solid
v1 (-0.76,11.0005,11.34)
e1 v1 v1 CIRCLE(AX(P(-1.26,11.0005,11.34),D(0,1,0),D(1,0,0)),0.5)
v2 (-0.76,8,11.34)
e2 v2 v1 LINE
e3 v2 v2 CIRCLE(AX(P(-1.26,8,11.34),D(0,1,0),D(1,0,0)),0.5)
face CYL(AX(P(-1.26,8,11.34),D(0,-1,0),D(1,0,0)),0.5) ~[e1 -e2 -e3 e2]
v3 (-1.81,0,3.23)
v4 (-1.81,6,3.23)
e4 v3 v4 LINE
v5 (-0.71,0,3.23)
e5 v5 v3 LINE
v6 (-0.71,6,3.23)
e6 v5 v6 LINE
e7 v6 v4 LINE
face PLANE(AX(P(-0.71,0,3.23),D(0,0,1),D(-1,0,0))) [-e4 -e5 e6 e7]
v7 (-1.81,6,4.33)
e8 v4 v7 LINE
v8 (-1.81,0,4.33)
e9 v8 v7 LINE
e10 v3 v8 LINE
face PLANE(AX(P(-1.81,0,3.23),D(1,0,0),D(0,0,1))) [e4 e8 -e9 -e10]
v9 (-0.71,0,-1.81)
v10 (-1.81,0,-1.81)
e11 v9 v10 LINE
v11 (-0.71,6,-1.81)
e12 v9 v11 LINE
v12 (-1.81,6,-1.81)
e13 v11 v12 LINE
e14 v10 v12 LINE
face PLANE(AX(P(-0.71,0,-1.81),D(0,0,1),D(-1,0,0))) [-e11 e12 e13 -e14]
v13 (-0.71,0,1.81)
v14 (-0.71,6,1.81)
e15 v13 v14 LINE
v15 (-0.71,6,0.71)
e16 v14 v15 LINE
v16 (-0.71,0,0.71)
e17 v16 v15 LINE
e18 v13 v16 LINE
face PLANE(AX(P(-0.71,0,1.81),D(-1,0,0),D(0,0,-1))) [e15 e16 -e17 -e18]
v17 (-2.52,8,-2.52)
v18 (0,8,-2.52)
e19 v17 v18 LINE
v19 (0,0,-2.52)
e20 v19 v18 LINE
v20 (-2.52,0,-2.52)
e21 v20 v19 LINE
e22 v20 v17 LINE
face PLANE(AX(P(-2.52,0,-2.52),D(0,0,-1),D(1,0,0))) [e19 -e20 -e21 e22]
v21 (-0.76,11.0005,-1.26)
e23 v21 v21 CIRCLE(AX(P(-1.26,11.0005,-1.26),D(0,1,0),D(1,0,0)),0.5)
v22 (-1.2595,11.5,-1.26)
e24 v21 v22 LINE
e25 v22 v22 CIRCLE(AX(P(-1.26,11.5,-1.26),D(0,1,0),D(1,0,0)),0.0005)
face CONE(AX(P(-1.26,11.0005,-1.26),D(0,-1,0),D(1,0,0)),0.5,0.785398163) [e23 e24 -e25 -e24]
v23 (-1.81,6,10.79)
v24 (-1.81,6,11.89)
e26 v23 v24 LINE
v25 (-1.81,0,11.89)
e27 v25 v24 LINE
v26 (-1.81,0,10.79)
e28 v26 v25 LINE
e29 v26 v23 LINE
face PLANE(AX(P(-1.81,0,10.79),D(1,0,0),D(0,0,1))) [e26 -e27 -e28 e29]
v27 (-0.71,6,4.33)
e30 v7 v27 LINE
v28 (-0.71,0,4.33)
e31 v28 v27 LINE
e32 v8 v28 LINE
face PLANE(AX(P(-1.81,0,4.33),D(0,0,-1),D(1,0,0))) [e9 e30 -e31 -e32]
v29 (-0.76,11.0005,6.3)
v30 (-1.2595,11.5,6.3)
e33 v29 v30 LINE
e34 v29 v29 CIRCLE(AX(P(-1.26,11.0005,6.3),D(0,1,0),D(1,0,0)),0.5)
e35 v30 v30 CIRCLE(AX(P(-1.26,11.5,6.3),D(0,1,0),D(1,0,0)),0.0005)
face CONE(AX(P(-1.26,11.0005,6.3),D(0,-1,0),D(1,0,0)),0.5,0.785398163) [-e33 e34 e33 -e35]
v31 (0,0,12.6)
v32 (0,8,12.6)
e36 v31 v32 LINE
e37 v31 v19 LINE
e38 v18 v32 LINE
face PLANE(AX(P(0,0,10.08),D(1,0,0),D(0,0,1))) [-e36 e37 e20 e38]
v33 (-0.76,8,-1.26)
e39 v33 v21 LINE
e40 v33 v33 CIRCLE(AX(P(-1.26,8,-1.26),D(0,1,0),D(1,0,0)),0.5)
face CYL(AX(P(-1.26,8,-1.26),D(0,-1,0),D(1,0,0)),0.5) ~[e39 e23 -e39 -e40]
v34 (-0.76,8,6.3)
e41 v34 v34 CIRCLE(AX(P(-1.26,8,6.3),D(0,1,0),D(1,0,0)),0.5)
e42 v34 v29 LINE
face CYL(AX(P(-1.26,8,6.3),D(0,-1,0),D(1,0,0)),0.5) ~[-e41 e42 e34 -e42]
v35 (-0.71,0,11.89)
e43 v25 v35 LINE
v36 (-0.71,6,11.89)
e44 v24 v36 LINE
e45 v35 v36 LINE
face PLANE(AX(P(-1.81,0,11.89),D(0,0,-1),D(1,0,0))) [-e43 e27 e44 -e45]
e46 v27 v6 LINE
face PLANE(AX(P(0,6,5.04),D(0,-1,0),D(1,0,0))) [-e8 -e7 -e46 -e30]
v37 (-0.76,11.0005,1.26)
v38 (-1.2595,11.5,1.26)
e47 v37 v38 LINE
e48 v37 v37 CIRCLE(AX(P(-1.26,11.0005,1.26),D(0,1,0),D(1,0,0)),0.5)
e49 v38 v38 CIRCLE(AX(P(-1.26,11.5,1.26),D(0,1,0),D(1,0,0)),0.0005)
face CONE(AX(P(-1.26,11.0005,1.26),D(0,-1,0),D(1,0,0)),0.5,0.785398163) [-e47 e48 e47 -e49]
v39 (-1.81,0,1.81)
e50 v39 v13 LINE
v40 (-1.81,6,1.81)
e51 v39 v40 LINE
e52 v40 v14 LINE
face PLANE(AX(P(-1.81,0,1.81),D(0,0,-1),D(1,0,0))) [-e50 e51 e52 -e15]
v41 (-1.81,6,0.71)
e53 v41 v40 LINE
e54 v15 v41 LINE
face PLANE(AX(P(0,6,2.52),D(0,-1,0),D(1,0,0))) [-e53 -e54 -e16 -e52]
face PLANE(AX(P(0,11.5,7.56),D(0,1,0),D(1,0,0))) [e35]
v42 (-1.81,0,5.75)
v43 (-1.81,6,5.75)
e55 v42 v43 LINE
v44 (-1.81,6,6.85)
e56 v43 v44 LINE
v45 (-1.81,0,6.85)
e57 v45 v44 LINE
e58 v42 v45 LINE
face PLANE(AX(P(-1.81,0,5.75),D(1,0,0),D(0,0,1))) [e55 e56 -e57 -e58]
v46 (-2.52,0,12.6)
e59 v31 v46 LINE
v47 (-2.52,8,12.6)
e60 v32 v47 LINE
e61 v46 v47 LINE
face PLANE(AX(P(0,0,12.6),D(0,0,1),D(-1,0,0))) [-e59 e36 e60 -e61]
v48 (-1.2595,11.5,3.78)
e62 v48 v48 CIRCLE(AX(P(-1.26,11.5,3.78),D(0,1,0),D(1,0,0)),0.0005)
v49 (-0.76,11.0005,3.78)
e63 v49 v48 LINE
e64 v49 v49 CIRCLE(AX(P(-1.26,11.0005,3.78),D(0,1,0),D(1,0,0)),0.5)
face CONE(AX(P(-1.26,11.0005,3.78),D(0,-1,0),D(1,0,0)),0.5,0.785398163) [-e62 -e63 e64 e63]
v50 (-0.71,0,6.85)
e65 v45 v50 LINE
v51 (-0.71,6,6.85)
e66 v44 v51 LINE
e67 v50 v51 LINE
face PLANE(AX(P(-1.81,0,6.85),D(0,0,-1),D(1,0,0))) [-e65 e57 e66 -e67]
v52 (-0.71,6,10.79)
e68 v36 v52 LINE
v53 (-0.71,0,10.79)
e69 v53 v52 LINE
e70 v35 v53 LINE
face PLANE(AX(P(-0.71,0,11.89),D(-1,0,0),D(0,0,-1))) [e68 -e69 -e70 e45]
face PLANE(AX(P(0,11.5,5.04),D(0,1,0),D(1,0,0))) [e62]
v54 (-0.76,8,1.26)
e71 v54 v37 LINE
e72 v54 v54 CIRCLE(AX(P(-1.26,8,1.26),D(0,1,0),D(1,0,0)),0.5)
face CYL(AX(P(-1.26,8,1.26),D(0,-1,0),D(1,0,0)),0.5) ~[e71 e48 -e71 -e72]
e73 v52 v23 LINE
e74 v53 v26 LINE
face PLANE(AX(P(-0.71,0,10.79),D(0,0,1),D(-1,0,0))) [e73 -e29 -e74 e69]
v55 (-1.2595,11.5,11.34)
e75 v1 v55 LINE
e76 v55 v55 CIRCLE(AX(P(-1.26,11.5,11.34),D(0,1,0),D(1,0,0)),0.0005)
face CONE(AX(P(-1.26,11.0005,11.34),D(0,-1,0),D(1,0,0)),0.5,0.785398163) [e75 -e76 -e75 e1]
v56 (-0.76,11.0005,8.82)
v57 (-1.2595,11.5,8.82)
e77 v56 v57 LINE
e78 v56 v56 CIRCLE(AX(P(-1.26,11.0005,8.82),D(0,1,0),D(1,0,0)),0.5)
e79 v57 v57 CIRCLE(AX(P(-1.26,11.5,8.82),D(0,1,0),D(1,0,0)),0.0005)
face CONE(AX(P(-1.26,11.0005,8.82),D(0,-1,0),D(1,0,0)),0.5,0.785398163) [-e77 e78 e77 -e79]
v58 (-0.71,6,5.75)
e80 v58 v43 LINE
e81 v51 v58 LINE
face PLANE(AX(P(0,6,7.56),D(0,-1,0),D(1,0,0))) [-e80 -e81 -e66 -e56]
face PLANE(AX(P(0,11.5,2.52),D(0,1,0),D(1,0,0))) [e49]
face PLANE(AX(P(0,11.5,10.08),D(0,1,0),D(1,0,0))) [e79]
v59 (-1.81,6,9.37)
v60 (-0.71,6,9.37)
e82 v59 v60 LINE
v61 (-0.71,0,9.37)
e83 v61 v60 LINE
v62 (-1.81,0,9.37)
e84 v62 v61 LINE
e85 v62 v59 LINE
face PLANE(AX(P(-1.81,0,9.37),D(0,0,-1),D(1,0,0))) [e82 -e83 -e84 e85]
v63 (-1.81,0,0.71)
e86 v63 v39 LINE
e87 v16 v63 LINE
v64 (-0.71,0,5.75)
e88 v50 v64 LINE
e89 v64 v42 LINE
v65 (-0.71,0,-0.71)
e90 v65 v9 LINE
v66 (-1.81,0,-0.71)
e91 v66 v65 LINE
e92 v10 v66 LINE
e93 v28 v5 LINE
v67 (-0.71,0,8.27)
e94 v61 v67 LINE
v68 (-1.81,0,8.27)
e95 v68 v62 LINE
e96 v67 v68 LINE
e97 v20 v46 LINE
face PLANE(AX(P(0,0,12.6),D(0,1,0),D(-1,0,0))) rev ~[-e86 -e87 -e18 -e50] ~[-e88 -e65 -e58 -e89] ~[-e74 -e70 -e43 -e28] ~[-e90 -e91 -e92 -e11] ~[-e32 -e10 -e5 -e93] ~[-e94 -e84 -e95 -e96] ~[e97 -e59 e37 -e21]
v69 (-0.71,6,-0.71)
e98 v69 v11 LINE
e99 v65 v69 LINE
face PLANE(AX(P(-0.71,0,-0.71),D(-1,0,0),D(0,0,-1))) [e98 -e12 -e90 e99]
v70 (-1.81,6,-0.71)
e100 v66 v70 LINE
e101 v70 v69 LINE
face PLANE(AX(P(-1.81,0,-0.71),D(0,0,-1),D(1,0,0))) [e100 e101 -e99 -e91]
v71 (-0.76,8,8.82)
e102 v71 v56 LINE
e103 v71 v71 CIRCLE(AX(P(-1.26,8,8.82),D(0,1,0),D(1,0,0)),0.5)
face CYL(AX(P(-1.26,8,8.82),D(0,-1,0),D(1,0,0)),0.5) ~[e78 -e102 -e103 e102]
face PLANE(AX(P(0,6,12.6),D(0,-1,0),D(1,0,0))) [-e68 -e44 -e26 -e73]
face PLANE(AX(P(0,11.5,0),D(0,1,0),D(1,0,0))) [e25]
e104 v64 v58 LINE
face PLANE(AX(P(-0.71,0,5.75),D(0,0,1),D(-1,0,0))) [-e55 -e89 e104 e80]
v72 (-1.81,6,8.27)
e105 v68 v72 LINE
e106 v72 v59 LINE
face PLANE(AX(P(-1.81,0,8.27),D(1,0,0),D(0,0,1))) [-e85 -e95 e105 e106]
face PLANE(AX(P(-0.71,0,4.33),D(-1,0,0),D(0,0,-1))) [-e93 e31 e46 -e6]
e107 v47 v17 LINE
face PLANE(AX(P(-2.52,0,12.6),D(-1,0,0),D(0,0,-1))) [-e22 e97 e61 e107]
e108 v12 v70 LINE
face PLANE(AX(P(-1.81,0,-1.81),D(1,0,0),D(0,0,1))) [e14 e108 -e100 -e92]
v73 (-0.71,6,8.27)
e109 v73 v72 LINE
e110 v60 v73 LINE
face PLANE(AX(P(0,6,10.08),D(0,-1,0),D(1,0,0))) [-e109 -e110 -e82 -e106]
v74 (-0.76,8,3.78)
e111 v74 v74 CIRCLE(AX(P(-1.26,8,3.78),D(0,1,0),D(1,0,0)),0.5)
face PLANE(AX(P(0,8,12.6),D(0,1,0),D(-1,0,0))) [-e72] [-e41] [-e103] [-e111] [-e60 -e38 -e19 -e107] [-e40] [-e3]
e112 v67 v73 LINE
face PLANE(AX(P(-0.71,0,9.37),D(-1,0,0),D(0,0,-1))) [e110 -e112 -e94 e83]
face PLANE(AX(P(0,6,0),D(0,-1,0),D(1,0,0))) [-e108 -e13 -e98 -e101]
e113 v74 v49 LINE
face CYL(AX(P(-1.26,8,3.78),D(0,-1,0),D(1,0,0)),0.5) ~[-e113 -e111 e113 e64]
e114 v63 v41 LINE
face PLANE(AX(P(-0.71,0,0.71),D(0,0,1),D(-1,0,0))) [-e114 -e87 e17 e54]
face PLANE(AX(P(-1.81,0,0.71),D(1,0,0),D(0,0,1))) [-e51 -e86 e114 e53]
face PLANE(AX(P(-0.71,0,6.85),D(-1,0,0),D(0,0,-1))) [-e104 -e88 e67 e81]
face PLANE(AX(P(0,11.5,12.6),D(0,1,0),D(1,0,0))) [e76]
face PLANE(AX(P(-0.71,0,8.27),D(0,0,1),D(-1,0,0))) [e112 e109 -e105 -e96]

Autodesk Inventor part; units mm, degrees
ref_plane "YZ Plane" through (0, 0, 0) normal (1, 0, 0) x (0, 1, 0)
ref_plane "XZ Plane" through (0, 0, 0) normal (0, 1, 0) x (-1, 0, 0)
ref_plane "XY Plane" through (0, 0, 0) normal (0, 0, 1) x (1, 0, 0)
sketch "Эскиз1" plane through (0, 0, 0) normal (0, 1, 0) x (-1, 0, 0)
  line L0 (0, 0) -> (2.52, 0)
  line L1 (2.52, 0) -> (2.52, -2.52)
  line L2 (2.52, -2.52) -> (0, -2.52)
  line L3 (0, -2.52) -> (0, 0)
  dimension "d1" = 2.52
  dimension "d2" = 2.52
extrude "Выдавливание1" add sketch "Эскиз1" along normal blind 8
sketch "Эскиз2" plane through (0, 8, 0) normal (0, 1, 0) x (1, 0, 0)
  line L0 (-2.52, 2.52) -> (-2.52, 0) construction
  line L1 (0, 0) -> (0, 2.52) construction
  line L2 (-2.52, 0) -> (0, 2.52) construction
  circle A0 centre (-1.26, 1.26) radius 0.5
  dimension "d22" = 1
extrude "Выдавливание2" add sketch "Эскиз2" along normal blind 3.5
chamfer "Фаска3" distance 0.5 angle 45 1 edges at (-1.76, 11.5, -1.26)
sketch "Эскиз3" plane through (0, 0, 0) normal (0, -1, 0) x (1, 0, 0)
  line L0 (0, 0) -> (0, -2.52) construction
  line L1 (0, -2.52) -> (-2.52, -2.52) construction
  line L2 (0, 0) -> (-2.52, -2.52) construction
  line L3 (-1.81, -0.71) -> (-0.71, -0.71)
  line L4 (-0.71, -0.71) -> (-0.71, -1.81)
  line L5 (-0.71, -1.81) -> (-1.81, -1.81)
  line L6 (-1.81, -1.81) -> (-1.81, -0.71)
  line L7 (-1.81, -0.71) -> (-0.71, -1.81) construction
  line L8 (-0.71, -0.71) -> (-1.81, -1.81) construction
  point P0 (-1.26, -1.26)
  dimension "d15" = 1.1
  dimension "d16" = 1.1
extrude "Выдавливание3" cut sketch "Эскиз3" against normal blind 6
pattern_linear "Прямоуг.массив1" count 6 spacing 2.52 along (0, 0, 1) of "Выдавливание1", "Выдавливание2", "Выдавливание3", "Фаска3"
properties part number "Гребенка 20 МАМА"
